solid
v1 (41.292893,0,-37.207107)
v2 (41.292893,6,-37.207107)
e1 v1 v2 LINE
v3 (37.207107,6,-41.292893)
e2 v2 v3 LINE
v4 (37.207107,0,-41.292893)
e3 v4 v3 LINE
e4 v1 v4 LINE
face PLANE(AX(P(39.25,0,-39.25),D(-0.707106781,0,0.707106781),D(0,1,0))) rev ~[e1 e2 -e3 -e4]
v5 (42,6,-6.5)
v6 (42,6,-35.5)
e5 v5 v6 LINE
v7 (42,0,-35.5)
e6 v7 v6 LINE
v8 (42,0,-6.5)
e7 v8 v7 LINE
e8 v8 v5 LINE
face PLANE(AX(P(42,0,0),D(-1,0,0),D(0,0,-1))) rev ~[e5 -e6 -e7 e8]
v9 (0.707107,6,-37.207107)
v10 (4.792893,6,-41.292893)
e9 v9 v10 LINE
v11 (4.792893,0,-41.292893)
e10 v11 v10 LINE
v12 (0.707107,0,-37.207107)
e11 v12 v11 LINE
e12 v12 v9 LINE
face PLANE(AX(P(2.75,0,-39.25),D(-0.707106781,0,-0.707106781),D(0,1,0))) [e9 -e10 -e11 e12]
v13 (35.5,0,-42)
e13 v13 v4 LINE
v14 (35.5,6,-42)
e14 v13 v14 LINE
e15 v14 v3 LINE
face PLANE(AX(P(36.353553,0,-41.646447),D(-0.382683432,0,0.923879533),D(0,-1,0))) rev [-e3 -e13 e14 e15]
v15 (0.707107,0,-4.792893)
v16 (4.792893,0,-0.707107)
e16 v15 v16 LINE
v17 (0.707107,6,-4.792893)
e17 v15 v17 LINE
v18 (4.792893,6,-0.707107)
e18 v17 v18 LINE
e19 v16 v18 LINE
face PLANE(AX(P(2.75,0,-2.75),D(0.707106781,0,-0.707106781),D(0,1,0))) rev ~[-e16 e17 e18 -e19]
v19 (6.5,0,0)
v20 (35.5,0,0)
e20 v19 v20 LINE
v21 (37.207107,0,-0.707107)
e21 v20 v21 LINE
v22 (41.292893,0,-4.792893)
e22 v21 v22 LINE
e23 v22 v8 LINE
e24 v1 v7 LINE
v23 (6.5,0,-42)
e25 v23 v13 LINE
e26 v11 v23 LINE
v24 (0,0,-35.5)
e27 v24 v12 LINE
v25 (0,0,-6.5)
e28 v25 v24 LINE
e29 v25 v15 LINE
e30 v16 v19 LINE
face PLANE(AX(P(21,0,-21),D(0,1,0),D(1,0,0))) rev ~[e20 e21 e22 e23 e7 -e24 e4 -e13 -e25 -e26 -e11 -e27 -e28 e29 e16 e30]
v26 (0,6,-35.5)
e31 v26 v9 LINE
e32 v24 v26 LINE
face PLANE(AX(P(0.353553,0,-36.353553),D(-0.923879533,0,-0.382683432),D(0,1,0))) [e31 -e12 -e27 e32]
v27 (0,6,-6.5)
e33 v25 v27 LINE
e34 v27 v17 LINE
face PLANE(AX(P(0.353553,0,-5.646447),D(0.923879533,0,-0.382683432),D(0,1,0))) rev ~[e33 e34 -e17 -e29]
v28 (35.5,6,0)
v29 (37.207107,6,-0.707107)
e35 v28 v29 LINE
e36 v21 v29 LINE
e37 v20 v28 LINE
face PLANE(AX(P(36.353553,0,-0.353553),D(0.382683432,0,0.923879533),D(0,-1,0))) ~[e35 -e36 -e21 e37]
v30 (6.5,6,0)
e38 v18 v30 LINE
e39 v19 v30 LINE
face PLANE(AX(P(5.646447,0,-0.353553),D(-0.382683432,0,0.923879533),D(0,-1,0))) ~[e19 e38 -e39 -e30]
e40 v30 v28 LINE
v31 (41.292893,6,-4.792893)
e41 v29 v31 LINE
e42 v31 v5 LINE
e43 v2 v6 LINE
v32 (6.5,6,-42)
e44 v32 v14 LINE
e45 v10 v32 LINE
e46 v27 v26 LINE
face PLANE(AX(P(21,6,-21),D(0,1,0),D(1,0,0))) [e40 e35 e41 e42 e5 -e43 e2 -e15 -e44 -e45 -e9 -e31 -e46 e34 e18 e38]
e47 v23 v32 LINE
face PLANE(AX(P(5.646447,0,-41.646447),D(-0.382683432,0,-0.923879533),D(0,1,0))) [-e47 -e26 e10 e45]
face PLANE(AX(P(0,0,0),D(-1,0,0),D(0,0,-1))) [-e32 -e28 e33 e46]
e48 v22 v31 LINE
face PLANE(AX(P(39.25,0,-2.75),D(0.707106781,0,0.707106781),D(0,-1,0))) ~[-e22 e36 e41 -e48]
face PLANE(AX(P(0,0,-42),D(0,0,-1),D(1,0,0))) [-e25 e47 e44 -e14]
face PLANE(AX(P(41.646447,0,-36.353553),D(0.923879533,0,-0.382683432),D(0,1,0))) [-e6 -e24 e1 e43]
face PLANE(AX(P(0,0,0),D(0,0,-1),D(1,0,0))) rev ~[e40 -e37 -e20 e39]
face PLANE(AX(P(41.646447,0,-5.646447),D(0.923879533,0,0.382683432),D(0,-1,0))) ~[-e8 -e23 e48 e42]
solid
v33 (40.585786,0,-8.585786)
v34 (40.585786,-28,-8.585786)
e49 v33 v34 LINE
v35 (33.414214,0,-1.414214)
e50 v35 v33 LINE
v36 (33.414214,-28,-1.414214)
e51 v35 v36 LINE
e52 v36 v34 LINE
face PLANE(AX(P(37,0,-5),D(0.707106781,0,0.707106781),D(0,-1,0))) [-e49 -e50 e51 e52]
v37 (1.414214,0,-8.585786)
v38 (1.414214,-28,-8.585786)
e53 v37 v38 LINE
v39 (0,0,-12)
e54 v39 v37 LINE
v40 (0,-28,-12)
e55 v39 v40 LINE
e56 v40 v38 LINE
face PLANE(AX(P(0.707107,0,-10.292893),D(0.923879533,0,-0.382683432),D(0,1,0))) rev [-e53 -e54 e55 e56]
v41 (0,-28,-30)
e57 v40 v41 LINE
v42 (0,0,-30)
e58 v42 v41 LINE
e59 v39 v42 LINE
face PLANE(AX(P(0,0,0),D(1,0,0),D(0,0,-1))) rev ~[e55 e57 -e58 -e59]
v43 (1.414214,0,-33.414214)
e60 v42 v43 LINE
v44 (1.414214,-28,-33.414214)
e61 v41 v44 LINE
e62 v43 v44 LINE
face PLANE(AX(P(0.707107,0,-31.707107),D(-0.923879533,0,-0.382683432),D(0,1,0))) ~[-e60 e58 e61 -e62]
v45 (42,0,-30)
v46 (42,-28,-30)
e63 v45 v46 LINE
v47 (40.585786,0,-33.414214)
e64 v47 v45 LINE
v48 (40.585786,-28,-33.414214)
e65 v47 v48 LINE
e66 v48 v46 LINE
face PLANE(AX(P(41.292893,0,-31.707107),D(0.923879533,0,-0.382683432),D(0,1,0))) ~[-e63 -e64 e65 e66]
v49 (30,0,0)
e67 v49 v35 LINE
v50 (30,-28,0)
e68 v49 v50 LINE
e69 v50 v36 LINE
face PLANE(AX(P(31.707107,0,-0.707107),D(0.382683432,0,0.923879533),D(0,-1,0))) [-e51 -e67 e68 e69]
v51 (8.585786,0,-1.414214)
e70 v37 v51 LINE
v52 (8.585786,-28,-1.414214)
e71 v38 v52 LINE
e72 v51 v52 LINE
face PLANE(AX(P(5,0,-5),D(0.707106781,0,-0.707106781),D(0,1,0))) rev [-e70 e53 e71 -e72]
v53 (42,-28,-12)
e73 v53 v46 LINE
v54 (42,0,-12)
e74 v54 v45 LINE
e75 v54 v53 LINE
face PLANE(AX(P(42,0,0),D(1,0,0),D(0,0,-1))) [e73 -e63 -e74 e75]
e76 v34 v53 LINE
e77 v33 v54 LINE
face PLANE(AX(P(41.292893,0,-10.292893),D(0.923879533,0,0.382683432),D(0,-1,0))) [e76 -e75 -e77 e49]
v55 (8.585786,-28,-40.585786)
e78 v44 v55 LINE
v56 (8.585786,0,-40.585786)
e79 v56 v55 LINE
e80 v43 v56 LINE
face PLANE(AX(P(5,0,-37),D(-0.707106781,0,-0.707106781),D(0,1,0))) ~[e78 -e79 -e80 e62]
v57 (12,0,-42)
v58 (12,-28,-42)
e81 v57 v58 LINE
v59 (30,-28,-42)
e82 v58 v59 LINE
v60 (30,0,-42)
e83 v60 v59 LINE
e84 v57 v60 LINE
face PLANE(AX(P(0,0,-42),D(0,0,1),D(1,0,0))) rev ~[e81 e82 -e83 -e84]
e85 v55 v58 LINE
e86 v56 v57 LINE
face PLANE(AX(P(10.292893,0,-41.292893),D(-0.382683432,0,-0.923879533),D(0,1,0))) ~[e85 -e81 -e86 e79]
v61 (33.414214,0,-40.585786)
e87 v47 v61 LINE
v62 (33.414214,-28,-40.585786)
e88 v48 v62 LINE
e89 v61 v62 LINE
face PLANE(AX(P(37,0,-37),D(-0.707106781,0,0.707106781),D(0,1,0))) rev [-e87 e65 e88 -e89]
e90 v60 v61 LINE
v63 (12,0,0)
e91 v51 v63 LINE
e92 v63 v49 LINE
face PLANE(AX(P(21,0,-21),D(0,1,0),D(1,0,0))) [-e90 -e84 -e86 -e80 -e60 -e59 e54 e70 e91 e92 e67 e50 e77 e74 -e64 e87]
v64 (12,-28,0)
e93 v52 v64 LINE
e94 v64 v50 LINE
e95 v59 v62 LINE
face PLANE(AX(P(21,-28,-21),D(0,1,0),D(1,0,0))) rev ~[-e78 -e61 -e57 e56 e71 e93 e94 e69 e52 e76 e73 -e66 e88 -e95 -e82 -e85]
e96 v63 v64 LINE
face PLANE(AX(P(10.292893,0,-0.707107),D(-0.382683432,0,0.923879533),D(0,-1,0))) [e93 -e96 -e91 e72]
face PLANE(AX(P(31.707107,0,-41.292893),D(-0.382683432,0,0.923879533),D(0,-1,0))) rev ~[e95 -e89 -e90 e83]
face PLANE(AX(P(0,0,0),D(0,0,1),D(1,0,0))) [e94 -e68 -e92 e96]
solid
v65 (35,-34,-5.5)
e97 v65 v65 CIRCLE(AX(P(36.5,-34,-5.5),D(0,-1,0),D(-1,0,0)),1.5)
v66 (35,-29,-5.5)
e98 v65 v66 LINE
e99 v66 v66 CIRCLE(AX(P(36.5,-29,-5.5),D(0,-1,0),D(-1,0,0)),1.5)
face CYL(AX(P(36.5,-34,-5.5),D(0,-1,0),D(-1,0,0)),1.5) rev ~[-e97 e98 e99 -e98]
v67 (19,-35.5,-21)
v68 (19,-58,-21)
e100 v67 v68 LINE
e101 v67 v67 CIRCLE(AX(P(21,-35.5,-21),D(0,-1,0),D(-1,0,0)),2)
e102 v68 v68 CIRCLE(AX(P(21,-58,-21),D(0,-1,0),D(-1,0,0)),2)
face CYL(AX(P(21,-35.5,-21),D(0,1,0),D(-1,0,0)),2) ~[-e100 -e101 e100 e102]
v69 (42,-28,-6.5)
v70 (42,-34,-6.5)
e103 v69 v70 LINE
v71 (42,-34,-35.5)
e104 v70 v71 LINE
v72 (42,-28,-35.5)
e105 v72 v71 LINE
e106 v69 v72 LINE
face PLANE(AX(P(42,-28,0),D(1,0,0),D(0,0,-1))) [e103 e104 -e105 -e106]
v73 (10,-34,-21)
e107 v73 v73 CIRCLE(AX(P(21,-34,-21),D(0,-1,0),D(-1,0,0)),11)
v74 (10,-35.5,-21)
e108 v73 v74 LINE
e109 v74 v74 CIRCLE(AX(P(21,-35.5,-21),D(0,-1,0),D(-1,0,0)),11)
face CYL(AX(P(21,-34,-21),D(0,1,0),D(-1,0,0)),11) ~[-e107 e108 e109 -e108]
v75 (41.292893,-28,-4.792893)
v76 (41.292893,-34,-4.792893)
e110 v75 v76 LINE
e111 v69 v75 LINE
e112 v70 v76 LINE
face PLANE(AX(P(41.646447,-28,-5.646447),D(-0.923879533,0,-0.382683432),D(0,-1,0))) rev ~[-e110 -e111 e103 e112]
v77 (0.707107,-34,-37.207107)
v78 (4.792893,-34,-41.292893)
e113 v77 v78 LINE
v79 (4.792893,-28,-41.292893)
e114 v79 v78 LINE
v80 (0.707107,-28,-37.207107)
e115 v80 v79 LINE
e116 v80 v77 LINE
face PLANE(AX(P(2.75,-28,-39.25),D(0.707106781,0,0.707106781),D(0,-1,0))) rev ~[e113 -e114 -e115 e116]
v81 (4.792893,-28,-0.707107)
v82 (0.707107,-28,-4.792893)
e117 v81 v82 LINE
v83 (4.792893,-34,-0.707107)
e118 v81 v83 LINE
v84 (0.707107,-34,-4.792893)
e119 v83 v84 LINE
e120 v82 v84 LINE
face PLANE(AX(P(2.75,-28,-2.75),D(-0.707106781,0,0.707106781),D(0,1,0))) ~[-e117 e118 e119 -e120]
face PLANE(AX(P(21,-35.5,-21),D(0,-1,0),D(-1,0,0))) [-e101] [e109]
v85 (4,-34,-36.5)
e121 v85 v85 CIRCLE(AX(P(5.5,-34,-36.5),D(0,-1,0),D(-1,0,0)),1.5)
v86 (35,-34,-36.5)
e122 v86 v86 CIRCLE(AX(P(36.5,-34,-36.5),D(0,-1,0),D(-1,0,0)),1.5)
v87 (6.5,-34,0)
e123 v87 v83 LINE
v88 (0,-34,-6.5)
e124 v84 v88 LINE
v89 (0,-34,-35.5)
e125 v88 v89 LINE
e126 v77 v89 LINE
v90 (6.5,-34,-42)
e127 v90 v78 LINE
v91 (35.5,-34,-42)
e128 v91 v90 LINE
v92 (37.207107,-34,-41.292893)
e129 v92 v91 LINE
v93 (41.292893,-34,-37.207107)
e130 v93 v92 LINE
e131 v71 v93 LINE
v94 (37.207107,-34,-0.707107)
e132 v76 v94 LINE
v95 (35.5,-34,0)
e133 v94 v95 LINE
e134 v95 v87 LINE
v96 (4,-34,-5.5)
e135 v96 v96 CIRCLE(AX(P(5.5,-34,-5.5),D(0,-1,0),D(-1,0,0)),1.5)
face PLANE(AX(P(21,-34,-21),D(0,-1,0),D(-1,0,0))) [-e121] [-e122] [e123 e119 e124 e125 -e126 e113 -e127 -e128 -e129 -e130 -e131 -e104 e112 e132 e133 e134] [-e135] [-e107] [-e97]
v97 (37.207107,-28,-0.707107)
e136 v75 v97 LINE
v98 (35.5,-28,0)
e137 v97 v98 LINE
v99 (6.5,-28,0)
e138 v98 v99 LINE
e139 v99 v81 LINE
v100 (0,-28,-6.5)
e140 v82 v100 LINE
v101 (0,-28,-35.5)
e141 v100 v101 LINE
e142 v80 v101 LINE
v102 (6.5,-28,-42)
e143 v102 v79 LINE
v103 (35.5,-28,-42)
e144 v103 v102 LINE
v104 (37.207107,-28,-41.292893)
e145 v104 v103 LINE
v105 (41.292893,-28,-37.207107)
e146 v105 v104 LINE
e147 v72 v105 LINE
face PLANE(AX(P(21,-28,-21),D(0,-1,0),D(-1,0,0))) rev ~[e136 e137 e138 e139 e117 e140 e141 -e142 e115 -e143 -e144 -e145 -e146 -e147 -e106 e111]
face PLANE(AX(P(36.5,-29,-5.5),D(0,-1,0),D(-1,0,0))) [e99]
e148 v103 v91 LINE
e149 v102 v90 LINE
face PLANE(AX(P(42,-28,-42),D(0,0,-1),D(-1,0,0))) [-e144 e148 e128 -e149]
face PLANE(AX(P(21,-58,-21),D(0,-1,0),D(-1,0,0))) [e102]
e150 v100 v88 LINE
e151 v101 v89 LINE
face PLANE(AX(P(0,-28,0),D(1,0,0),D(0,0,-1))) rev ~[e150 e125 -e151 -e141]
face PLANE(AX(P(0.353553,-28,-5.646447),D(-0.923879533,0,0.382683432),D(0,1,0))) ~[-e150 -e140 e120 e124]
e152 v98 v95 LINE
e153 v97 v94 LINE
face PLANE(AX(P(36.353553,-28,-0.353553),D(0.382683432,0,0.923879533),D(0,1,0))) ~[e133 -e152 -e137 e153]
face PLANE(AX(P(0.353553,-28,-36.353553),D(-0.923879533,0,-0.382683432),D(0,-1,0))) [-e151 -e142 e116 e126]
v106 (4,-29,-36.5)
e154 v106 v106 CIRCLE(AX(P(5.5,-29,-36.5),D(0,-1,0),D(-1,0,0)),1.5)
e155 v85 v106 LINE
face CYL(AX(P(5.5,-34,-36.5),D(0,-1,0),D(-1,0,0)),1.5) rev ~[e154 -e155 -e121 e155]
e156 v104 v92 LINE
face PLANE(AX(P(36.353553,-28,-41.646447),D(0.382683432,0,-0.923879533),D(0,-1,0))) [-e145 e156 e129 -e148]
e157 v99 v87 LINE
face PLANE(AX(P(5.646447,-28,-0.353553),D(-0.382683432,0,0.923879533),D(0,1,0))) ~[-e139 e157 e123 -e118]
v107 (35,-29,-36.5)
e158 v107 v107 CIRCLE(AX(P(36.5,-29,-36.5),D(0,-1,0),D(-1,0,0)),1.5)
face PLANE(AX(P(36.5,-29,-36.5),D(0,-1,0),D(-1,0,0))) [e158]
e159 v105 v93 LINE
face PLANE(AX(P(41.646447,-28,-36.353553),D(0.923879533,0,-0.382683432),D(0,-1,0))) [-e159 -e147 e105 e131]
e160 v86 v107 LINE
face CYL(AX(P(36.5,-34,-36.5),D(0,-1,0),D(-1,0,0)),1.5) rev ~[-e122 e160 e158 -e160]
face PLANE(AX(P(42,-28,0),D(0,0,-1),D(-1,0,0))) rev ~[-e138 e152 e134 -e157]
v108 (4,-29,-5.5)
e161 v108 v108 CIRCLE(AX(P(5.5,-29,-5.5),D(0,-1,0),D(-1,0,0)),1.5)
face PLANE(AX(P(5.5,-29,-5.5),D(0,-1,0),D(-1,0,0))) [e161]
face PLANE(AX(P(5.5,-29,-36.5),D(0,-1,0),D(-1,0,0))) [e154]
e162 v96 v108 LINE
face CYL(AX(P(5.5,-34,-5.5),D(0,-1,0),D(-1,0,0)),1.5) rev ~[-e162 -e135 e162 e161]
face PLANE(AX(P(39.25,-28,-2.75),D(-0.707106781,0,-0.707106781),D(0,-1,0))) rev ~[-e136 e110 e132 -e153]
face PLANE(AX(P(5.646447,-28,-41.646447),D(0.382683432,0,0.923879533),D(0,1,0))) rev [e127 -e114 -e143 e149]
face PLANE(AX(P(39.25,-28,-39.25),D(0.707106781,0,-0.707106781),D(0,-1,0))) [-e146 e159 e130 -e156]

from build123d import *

# Parameters (mm, degrees)
SKETCH_1_W          = 42
SKETCH_1_H          = 42
EXTRUDE_1_DEPTH     = 6
CHAMFER_1_SIZE      = 5.5
SKETCH_2_W          = 42
SKETCH_2_H          = 42
EXTRUDE_3_DEPTH     = 28
CHAMFER_3_SIZE      = 10
CHAMFER_4_SIZE      = 2
SKETCH_4_W          = 42
SKETCH_4_H          = 42
EXTRUDE_6_DEPTH     = 6
CHAMFER_5_SIZE      = 5.5
CHAMFER_6_SIZE      = 1
CHAMFER_7_SIZE      = 1
SKETCH_5_R          = 1.5
CUT_EXTRUDE_1_DEPTH = 5
SKETCH_6_R          = 11
EXTRUDE_7_DEPTH     = 1.5
SKETCH_7_R          = 2
EXTRUDE_8_DEPTH     = 22.5


with BuildPart() as part:
    # 草图1 → 凸台-拉伸1 (new body)
    with BuildSketch(Plane(origin=(0, 0, 0), x_dir=(1, 0, 0), z_dir=(0, 1, 0))):
        with Locations((21, 21)):
            Rectangle(SKETCH_1_W, SKETCH_1_H)
    extrude(amount=EXTRUDE_1_DEPTH)

    # 倒角1
    chamfer_1_edges = [part.edges().sort_by_distance(p)[0] for p in [
        (0, 3, -42),
        (42, 3, -42),
        (42, 3, 0),
        (0, 3, 0),
    ]]
    chamfer(chamfer_1_edges, length=CHAMFER_1_SIZE)

    # 倒角7
    chamfer_7_edges = [part.edges().sort_by_distance(p)[0] for p in [
        (0, 3, -5.5),
        (0, 3, -36.5),
        (36.5, 3, -42),
        (5.5, 3, -42),
        (42, 3, -5.5),
        (42, 3, -36.5),
        (5.5, 3, 0),
        (36.5, 3, 0),
    ]]
    chamfer(chamfer_7_edges, length=CHAMFER_7_SIZE)


with BuildPart() as body_2:
    # 草图2 → 凸台-拉伸3 (new body)
    with BuildSketch(Plane(origin=(0, 0, 0), x_dir=(1, 0, 0), z_dir=(0, 1, 0))):
        with Locations((21, 21)):
            Rectangle(SKETCH_2_W, SKETCH_2_H)
    extrude(amount=-EXTRUDE_3_DEPTH)

    # 倒角3
    chamfer_3_edges = [body_2.edges().sort_by_distance(p)[0] for p in [
        (0, -14, 0),
        (0, -14, -42),
        (42, -14, -42),
        (42, -14, 0),
    ]]
    chamfer(chamfer_3_edges, length=CHAMFER_3_SIZE)

    # 倒角4
    chamfer_4_edges = [body_2.edges().sort_by_distance(p)[0] for p in [
        (42, -14, -10),
        (42, -14, -32),
        (10, -14, -42),
        (32, -14, -42),
        (10, -14, 0),
        (32, -14, 0),
        (0, -14, -32),
        (0, -14, -10),
    ]]
    chamfer(chamfer_4_edges, length=CHAMFER_4_SIZE)


with BuildPart() as body_3:
    # 草图4 → 凸台-拉伸6 (new body)
    with BuildSketch(Plane(origin=(0, -28, 0), x_dir=(-1, 0, 0), z_dir=(0, -1, 0))):
        with Locations((-21, 21)):
            Rectangle(SKETCH_4_W, SKETCH_4_H)
    extrude(amount=EXTRUDE_6_DEPTH)

    # 倒角5
    chamfer_5_edges = [body_3.edges().sort_by_distance(p)[0] for p in [
        (0, -31, 0),
        (42, -31, 0),
        (42, -31, -42),
        (0, -31, -42),
    ]]
    chamfer(chamfer_5_edges, length=CHAMFER_5_SIZE)

    # 倒角6
    chamfer_6_edges = [body_3.edges().sort_by_distance(p)[0] for p in [
        (0, -31, -36.5),
        (0, -31, -5.5),
        (36.5, -31, 0),
        (5.5, -31, 0),
        (42, -31, -36.5),
        (42, -31, -5.5),
        (36.5, -31, -42),
        (5.5, -31, -42),
    ]]
    chamfer(chamfer_6_edges, length=CHAMFER_6_SIZE)

    # 草图5 → 切除-拉伸1 (cut)
    with BuildSketch(Plane(origin=(0, -34, 0), x_dir=(-1, 0, 0), z_dir=(0, -1, 0))):
        with Locations((-5.5, 5.5)):
            Circle(SKETCH_5_R)
        with Locations((-36.5, 5.5)):
            Circle(SKETCH_5_R)
        with Locations((-36.5, 36.5)):
            Circle(SKETCH_5_R)
        with Locations((-5.5, 36.5)):
            Circle(SKETCH_5_R)
    extrude(amount=-CUT_EXTRUDE_1_DEPTH, mode=Mode.SUBTRACT)

    # 草图6 → 凸台-拉伸7 (add)
    with BuildSketch(Plane(origin=(0, -34, 0), x_dir=(-1, 0, 0), z_dir=(0, -1, 0))):
        with Locations((-21, 21)):
            Circle(SKETCH_6_R)
    extrude(amount=EXTRUDE_7_DEPTH)

    # 草图7 → 凸台-拉伸8 (add)
    with BuildSketch(Plane(origin=(0, -35.5, 0), x_dir=(-1, 0, 0), z_dir=(0, -1, 0))):
        with Locations((-21, 21)):
            Circle(SKETCH_7_R)
    extrude(amount=EXTRUDE_8_DEPTH)


solid = Compound([part.part, body_2.part, body_3.part])
